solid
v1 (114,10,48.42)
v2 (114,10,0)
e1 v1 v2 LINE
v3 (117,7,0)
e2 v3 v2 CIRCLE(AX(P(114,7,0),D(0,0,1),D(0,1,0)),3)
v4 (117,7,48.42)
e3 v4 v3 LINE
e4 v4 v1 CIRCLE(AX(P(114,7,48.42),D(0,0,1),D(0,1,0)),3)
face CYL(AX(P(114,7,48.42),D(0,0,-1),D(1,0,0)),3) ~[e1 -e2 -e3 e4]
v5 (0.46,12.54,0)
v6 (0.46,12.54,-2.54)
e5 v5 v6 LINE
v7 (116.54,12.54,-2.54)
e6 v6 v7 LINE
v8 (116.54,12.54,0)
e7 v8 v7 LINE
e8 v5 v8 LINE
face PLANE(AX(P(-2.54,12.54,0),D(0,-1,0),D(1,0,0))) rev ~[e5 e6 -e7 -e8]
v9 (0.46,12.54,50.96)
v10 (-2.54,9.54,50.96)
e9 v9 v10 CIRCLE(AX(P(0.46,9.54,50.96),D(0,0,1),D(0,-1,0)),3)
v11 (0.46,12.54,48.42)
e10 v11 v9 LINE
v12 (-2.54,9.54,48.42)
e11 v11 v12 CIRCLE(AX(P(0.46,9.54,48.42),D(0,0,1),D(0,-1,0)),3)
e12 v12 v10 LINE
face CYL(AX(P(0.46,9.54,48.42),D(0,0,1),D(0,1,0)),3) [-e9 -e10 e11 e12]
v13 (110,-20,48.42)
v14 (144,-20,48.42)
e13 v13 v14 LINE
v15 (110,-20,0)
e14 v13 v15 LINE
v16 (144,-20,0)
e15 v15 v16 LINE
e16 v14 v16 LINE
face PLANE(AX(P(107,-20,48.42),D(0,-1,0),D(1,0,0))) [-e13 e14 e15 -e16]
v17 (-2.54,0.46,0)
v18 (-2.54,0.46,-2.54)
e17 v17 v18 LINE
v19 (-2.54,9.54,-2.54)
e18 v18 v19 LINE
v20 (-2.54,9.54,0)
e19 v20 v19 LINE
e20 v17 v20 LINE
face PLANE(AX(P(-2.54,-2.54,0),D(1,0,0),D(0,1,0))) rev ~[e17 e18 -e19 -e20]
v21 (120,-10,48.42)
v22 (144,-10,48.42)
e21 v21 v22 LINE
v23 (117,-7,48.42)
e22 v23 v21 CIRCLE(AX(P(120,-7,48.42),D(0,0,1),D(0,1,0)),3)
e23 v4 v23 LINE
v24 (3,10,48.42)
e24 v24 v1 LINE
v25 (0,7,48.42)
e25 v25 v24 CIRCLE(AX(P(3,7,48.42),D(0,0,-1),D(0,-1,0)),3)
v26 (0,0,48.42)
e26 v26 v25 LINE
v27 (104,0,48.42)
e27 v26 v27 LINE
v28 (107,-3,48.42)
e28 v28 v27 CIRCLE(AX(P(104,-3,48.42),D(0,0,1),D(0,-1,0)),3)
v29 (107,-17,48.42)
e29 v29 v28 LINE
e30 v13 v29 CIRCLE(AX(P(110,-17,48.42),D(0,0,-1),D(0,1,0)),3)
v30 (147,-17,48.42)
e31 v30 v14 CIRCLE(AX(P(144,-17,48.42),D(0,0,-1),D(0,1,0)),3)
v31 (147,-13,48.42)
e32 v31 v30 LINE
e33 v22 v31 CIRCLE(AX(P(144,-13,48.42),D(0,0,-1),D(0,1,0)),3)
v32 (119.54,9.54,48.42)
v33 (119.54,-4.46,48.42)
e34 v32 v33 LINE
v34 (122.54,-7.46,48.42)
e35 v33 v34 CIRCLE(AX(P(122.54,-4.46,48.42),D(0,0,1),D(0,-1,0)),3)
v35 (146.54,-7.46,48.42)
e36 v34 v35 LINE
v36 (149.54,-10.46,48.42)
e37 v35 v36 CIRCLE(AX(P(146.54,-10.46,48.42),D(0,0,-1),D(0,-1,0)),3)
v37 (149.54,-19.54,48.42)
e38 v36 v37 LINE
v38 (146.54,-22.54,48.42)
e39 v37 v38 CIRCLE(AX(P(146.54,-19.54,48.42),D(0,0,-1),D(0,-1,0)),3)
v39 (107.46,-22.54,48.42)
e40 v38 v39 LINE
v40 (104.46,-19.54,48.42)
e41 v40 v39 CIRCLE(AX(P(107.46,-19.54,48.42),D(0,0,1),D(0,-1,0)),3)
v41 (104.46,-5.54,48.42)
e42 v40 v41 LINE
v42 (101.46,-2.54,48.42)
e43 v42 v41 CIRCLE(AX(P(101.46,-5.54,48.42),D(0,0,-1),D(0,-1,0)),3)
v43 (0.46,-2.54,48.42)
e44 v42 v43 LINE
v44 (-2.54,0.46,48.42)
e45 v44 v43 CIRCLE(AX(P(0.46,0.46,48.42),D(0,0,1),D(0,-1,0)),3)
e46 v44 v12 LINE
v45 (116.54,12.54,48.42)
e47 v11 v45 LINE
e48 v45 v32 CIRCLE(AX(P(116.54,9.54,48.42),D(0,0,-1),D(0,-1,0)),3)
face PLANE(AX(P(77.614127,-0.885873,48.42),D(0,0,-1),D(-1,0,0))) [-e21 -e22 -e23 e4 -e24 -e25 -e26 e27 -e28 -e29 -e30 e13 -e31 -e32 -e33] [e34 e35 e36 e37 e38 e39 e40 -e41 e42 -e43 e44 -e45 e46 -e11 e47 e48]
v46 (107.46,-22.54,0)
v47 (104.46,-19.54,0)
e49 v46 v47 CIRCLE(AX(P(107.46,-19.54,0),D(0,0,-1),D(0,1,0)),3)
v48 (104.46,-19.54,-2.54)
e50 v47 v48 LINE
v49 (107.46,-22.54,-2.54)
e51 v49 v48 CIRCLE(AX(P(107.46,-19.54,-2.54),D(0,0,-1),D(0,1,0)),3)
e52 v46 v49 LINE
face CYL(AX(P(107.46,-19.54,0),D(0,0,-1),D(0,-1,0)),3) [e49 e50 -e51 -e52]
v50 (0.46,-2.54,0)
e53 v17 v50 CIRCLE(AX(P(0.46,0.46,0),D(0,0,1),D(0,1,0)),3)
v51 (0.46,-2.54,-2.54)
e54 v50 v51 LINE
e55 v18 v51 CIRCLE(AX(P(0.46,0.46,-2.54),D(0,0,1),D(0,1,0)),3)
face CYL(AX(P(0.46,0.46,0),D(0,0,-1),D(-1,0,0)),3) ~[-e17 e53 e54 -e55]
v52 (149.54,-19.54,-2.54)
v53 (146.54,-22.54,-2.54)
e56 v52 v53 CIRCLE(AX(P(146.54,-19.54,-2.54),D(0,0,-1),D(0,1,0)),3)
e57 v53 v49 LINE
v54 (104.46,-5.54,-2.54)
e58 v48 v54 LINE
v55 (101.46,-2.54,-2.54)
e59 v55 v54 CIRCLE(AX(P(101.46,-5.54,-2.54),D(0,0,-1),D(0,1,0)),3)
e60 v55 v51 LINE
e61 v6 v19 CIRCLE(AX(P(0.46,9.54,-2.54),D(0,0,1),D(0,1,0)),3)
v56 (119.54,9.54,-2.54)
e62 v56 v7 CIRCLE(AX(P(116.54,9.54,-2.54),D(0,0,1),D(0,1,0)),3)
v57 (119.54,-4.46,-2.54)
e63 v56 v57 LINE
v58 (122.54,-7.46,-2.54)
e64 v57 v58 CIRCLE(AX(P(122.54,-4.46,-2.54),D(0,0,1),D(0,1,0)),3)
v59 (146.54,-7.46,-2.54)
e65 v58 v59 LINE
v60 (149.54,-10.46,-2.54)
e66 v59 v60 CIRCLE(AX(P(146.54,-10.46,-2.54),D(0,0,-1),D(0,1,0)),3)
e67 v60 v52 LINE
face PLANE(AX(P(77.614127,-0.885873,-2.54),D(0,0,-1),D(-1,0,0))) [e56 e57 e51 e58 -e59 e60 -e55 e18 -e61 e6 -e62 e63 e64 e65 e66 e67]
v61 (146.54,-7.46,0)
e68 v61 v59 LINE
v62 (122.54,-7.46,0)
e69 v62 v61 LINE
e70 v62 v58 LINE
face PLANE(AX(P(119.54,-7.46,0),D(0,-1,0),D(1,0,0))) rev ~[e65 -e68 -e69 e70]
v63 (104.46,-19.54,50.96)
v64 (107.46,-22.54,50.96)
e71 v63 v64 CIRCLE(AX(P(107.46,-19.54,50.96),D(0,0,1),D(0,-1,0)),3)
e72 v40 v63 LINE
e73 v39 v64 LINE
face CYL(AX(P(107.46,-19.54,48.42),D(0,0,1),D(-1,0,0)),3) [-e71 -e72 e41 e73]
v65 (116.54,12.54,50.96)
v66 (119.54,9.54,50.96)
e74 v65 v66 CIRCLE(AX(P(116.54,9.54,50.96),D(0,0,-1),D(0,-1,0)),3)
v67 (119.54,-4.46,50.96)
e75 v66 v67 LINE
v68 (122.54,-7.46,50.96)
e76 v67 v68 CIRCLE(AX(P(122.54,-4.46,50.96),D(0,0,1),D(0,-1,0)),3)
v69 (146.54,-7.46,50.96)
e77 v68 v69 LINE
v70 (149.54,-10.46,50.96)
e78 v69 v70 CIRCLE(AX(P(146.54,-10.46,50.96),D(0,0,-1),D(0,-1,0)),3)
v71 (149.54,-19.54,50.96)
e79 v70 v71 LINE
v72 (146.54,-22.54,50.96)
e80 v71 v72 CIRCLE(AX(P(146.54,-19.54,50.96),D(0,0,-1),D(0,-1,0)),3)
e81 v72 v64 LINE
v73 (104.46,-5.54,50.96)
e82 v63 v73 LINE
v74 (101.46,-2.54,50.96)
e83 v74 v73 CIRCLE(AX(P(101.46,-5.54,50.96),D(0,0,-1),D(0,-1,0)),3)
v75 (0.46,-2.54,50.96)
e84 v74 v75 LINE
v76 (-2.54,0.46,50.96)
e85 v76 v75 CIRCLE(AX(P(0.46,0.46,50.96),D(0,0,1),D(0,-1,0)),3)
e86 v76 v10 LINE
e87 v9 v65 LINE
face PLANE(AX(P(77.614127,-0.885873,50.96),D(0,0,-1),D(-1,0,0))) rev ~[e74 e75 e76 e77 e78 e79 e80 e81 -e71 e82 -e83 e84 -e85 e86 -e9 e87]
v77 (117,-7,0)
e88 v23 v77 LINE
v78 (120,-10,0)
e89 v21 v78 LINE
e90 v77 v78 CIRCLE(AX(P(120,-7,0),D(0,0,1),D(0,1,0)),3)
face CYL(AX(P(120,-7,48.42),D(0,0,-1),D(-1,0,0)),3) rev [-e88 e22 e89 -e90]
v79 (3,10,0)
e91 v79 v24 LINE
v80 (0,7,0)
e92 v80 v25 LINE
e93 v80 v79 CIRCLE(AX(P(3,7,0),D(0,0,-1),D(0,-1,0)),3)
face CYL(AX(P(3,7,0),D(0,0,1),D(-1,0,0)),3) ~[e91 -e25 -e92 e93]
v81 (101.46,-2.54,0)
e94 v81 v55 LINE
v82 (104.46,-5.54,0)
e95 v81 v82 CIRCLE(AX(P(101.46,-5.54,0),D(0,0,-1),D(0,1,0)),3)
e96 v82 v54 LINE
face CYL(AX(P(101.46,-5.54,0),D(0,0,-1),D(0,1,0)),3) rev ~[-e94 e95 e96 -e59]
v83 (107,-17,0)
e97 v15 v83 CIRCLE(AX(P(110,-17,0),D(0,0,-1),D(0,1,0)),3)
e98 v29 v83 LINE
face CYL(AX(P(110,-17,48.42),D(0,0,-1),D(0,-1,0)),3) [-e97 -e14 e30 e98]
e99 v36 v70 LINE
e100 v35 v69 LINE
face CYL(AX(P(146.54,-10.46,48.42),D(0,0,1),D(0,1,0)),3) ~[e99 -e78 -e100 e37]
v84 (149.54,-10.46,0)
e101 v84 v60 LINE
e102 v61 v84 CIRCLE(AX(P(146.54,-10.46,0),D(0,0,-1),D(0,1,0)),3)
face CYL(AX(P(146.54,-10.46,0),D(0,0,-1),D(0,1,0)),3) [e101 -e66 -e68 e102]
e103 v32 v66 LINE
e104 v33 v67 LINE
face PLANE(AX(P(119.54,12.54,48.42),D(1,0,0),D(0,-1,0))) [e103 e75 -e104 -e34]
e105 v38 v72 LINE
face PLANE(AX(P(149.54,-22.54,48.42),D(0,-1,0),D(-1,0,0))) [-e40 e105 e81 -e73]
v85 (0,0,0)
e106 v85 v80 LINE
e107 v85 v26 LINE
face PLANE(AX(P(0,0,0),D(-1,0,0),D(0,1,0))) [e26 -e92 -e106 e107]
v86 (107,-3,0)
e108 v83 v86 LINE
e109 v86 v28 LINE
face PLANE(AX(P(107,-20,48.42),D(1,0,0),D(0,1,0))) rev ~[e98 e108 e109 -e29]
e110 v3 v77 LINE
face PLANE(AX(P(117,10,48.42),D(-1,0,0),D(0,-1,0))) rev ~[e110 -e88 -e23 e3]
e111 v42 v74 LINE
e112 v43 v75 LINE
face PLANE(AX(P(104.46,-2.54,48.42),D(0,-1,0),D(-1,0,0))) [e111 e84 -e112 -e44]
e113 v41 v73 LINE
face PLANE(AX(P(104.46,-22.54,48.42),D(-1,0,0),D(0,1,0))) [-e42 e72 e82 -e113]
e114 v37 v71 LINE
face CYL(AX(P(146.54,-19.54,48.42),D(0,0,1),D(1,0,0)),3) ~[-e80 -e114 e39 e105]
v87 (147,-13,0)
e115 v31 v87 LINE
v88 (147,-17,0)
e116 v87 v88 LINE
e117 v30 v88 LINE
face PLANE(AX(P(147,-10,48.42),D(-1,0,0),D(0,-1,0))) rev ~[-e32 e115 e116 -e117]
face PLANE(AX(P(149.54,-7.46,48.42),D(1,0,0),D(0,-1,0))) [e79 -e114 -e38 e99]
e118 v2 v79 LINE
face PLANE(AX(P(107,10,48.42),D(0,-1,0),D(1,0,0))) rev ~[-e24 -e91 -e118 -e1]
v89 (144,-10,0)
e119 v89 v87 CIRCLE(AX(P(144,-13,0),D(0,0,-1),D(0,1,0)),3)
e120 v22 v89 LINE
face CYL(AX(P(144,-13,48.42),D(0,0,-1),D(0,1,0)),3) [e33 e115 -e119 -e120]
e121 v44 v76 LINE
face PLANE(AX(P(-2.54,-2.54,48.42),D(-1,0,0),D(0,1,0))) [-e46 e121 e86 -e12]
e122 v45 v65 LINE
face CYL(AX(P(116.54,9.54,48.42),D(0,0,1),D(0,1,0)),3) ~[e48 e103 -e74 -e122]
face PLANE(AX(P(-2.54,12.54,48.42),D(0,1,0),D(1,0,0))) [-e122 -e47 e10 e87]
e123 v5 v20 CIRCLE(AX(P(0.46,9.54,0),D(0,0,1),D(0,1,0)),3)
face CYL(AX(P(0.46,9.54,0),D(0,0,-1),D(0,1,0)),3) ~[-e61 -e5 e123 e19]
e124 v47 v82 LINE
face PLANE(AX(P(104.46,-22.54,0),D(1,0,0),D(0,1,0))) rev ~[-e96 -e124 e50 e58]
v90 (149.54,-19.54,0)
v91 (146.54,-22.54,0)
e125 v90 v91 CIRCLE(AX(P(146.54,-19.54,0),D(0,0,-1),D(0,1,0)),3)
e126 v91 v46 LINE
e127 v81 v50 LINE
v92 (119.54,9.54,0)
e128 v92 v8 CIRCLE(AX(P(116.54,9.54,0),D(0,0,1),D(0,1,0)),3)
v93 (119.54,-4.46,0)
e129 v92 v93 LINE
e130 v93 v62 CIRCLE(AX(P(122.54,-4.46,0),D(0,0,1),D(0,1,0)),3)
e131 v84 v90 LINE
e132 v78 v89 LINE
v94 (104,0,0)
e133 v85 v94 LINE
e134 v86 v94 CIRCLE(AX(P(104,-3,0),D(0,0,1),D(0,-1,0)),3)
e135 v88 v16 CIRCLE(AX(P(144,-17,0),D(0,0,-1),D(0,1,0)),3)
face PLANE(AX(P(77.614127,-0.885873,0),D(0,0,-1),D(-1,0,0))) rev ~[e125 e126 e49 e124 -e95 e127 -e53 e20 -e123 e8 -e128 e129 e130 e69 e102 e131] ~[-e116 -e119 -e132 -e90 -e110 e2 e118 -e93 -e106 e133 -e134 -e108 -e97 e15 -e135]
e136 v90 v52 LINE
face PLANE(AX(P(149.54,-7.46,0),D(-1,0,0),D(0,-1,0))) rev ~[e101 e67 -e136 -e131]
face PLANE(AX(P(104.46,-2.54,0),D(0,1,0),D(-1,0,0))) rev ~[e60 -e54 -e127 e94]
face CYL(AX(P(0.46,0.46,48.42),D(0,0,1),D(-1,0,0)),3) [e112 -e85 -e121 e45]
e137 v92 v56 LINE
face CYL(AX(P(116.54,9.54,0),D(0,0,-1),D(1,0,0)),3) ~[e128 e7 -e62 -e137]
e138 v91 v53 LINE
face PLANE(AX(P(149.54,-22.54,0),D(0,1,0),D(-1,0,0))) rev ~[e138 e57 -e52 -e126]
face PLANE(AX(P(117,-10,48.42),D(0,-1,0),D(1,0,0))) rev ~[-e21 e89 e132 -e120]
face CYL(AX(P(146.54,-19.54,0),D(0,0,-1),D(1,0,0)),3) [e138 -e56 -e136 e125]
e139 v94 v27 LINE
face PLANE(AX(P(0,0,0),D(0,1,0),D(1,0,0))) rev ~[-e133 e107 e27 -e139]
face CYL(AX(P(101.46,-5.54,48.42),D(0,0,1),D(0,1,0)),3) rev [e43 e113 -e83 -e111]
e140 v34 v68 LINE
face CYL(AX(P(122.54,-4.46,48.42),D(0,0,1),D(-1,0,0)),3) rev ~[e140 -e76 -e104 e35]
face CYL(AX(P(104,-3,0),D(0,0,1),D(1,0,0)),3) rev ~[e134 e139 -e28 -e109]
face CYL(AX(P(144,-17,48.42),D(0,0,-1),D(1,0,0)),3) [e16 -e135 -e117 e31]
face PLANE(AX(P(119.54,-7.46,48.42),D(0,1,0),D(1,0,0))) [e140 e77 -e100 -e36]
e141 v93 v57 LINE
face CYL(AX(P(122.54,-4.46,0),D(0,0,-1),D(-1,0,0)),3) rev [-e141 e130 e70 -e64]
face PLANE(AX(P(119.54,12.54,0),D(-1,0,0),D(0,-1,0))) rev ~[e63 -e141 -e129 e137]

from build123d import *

# Parameters (mm, degrees)
SKETCH2_W           = 107
SKETCH2_H           = 10
BOSS_EXTRUDE1_DEPTH = 48.42
BOSS_EXTRUDE2_DEPTH = 48.42
BOSS_EXTRUDE3_DEPTH = 2.54
BOSS_EXTRUDE4_DEPTH = 2.54
FILLET1_R           = 3


with BuildPart() as part:
    # Sketch2 → Boss-Extrude1 (new body)
    with BuildSketch(Plane.XY):
        with Locations((53.5, 5)):
            Rectangle(SKETCH2_W, SKETCH2_H)
    extrude(amount=BOSS_EXTRUDE1_DEPTH)

    # Sketch3 → Boss-Extrude2 (add)
    with BuildSketch(Plane.XY.offset(48.42)):
        Polygon((107, 10), (117, 10), (117, -10), (147, -10), (147, -20), (117, -20), (107, -20), align=None)
    extrude(amount=-BOSS_EXTRUDE2_DEPTH)

    # Sketch4 → Boss-Extrude3 (add)
    with BuildSketch(Plane.XY.offset(48.42)):
        Polygon((-2.54, 12.54), (119.54, 12.54), (119.54, -7.46), (149.54, -7.46), (149.54, -22.54), (104.46, -22.54), (104.46, -2.54), (-2.54, -2.54), align=None)
    extrude(amount=BOSS_EXTRUDE3_DEPTH)

    # Sketch5 → Boss-Extrude4 (add)
    with BuildSketch(Plane(origin=(0, 0, 0), x_dir=(-1, 0, 0), z_dir=(0, 0, -1))):
        Polygon((-119.54, 12.54), (-119.54, -7.46), (-149.54, -7.46), (-149.54, -22.54), (-104.46, -22.54), (-104.46, -2.54), (2.54, -2.54), (2.54, 12.54), align=None)
    extrude(amount=BOSS_EXTRUDE4_DEPTH)

    # Fillet1
    fillet1_edges = [part.edges().sort_by_distance(p)[0] for p in [
        (107, -20, 24.21),
        (117, 10, 24.21),
        (117, -10, 24.21),
        (147, -10, 24.21),
        (147, -20, 24.21),
        (-2.54, 12.54, 49.69),
        (-2.54, -2.54, 49.69),
        (104.46, -2.54, 49.69),
        (104.46, -22.54, 49.69),
        (149.54, -22.54, 49.69),
        (149.54, -7.46, 49.69),
        (119.54, -7.46, 49.69),
        (119.54, 12.54, 49.69),
        (149.54, -7.46, -1.27),
        (149.54, -22.54, -1.27),
        (104.46, -22.54, -1.27),
        (104.46, -2.54, -1.27),
        (-2.54, -2.54, -1.27),
        (-2.54, 12.54, -1.27),
        (119.54, 12.54, -1.27),
        (119.54, -7.46, -1.27),
        (0, 10, 24.21),
        (107, 0, 24.21),
    ]]
    fillet(fillet1_edges, radius=FILLET1_R)


solid = part.part
